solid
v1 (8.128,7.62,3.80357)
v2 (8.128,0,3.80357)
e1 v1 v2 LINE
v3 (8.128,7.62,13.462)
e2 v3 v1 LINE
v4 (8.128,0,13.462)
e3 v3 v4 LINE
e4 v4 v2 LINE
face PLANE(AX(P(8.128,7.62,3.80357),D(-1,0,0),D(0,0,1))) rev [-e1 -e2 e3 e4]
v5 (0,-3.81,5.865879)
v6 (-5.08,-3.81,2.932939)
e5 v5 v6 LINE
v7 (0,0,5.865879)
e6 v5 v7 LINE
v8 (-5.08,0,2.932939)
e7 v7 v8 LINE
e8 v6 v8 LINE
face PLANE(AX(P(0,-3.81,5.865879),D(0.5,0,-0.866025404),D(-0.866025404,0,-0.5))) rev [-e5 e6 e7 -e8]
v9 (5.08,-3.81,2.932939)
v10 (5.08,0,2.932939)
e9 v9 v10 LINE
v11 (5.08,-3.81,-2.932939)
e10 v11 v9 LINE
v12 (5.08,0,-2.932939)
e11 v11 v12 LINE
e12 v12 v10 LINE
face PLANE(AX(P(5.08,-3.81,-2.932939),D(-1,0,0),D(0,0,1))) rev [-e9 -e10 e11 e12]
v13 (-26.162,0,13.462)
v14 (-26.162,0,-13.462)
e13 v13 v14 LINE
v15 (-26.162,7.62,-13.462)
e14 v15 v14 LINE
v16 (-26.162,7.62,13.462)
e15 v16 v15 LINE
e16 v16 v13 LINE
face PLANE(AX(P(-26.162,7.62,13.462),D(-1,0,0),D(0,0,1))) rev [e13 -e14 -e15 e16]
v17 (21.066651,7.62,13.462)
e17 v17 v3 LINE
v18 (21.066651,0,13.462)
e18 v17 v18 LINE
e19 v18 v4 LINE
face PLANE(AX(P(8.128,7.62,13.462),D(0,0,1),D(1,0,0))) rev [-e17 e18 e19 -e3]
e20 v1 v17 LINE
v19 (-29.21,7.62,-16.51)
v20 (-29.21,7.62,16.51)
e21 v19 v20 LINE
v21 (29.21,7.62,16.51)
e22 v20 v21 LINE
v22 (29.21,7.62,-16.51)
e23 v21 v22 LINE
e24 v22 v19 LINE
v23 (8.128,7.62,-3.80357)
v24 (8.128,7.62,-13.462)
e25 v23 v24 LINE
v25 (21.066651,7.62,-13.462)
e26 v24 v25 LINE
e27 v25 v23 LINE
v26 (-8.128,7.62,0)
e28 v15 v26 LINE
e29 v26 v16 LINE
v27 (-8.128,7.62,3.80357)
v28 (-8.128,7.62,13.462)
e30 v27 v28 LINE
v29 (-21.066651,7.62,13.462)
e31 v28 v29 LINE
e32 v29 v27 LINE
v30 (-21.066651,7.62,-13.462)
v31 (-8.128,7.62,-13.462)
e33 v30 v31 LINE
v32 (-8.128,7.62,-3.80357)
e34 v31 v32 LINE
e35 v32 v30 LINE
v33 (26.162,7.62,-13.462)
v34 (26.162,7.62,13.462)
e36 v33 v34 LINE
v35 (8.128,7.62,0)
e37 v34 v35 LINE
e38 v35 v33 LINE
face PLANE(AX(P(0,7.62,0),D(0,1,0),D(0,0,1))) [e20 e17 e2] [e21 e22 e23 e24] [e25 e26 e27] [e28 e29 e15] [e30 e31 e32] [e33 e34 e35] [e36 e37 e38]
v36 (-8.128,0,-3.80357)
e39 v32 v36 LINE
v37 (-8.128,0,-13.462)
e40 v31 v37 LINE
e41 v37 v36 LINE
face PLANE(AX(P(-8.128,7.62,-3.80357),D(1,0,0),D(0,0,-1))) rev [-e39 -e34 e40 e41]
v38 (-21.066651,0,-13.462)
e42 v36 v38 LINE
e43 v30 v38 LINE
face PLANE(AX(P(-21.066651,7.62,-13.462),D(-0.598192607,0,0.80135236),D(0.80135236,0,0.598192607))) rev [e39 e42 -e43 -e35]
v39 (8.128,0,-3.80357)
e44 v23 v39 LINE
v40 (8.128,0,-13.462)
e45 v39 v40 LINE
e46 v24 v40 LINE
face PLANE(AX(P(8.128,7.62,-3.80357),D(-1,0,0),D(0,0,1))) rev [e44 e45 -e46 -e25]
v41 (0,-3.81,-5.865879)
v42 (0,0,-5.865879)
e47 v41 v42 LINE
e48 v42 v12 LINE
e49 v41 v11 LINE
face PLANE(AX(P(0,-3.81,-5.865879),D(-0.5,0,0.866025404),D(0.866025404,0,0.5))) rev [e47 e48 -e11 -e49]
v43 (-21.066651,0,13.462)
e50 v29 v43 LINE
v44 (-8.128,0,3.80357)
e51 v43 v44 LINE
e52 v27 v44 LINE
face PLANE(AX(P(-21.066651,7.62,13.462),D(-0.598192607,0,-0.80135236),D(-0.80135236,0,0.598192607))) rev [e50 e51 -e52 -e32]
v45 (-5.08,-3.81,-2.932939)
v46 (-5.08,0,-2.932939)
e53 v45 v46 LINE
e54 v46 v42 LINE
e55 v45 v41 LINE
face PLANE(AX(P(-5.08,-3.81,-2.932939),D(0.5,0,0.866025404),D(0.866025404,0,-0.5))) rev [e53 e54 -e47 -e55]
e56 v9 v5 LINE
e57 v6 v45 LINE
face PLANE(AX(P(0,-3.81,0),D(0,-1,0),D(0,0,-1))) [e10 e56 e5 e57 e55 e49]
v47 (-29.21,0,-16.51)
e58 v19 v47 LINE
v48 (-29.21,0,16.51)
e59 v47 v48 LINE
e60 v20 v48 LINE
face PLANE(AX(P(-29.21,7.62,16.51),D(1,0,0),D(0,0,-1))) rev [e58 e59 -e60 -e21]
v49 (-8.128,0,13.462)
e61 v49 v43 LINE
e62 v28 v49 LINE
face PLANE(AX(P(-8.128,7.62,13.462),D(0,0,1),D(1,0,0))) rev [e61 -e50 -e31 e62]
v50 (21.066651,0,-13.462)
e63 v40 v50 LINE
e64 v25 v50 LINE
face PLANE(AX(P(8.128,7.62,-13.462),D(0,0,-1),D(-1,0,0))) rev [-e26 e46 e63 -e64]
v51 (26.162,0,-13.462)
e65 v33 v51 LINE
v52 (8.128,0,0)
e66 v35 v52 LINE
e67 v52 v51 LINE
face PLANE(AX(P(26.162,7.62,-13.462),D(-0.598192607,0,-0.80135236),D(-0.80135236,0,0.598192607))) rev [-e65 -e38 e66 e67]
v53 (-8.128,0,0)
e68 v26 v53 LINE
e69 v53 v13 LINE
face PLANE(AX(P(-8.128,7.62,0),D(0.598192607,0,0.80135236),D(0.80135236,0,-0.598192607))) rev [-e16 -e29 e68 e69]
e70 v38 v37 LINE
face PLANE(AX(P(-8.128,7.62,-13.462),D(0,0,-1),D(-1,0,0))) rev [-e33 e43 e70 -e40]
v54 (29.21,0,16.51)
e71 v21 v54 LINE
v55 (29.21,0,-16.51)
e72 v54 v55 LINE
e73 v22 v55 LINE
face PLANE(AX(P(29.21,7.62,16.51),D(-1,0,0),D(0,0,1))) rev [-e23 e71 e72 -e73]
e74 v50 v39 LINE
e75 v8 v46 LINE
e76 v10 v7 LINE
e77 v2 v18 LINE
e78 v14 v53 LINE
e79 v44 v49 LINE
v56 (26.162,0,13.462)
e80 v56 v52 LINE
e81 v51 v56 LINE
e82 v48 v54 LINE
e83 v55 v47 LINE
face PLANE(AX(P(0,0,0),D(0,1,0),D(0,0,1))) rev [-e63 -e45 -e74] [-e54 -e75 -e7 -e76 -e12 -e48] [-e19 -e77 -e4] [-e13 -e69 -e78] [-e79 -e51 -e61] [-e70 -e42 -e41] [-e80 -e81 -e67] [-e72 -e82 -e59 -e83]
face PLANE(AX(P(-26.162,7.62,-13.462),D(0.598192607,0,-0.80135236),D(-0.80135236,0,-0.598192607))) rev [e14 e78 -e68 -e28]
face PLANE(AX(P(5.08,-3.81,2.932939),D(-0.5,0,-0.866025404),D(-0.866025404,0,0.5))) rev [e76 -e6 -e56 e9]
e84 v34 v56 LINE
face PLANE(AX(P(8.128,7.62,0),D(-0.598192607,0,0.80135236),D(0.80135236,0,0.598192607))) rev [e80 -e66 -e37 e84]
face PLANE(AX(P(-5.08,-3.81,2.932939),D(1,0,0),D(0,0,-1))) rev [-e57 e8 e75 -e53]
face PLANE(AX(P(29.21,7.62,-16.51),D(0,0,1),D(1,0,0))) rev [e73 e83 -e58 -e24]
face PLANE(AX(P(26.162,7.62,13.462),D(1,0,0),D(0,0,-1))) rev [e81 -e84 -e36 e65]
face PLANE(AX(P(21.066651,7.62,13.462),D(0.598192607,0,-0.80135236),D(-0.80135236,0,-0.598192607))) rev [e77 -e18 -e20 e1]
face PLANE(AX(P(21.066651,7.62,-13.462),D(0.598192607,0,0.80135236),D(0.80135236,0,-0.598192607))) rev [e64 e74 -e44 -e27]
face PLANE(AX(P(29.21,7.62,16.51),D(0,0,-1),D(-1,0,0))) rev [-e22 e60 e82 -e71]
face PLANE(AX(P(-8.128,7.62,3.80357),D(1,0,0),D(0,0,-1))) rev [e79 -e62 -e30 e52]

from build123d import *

# Parameters (mm, degrees)
SKETCH1_W           = 58.42
SKETCH1_H           = 33.02
BOSS_EXTRUDE1_DEPTH = 7.62
BOSS_EXTRUDE2_DEPTH = 3.81
CUT_EXTRUDE1_DEPTH  = 35.407391648


with BuildPart() as part:
    # Sketch1 → Boss-Extrude1 (new body)
    with BuildSketch(Plane(origin=(0, 0, 0), x_dir=(1, 0, 0), z_dir=(0, 1, 0))):
        Rectangle(SKETCH1_W, SKETCH1_H)
    extrude(amount=BOSS_EXTRUDE1_DEPTH)

    # Sketch2 → Boss-Extrude2 (add)
    with BuildSketch(Plane.XZ):
        Polygon((5.08, -2.932939367), (5.08, 2.932939367), (0, 5.865878735), (-5.08, 2.932939367), (-5.08, -2.932939367), (0, -5.865878735), align=None)
    extrude(amount=BOSS_EXTRUDE2_DEPTH)

    # Sketch3 → Cut-Extrude1 (cut, through all)
    with BuildSketch(Plane(origin=(0, 0, 0), x_dir=(-1, 0, 0), z_dir=(0, -1, 0))):
        Polygon((26.162, -13.462), (26.162, 13.462), (8.128, 0), align=None)
        Polygon((8.128, -13.462), (21.066651169, -13.462), (8.128, -3.803570254), align=None)
        Polygon((21.066651169, 13.462), (8.128, 3.803570254), (8.128, 13.462), align=None)
        Polygon((-21.066651169, -13.462), (-8.128, -3.803570254), (-8.128, -13.462), align=None)
        Polygon((-8.128, 13.462), (-21.066651169, 13.462), (-8.128, 3.803570254), align=None)
        Polygon((-8.128, 0), (-26.162, -13.462), (-26.162, 13.462), align=None)
    extrude(amount=-CUT_EXTRUDE1_DEPTH, mode=Mode.SUBTRACT)


solid = part.part
